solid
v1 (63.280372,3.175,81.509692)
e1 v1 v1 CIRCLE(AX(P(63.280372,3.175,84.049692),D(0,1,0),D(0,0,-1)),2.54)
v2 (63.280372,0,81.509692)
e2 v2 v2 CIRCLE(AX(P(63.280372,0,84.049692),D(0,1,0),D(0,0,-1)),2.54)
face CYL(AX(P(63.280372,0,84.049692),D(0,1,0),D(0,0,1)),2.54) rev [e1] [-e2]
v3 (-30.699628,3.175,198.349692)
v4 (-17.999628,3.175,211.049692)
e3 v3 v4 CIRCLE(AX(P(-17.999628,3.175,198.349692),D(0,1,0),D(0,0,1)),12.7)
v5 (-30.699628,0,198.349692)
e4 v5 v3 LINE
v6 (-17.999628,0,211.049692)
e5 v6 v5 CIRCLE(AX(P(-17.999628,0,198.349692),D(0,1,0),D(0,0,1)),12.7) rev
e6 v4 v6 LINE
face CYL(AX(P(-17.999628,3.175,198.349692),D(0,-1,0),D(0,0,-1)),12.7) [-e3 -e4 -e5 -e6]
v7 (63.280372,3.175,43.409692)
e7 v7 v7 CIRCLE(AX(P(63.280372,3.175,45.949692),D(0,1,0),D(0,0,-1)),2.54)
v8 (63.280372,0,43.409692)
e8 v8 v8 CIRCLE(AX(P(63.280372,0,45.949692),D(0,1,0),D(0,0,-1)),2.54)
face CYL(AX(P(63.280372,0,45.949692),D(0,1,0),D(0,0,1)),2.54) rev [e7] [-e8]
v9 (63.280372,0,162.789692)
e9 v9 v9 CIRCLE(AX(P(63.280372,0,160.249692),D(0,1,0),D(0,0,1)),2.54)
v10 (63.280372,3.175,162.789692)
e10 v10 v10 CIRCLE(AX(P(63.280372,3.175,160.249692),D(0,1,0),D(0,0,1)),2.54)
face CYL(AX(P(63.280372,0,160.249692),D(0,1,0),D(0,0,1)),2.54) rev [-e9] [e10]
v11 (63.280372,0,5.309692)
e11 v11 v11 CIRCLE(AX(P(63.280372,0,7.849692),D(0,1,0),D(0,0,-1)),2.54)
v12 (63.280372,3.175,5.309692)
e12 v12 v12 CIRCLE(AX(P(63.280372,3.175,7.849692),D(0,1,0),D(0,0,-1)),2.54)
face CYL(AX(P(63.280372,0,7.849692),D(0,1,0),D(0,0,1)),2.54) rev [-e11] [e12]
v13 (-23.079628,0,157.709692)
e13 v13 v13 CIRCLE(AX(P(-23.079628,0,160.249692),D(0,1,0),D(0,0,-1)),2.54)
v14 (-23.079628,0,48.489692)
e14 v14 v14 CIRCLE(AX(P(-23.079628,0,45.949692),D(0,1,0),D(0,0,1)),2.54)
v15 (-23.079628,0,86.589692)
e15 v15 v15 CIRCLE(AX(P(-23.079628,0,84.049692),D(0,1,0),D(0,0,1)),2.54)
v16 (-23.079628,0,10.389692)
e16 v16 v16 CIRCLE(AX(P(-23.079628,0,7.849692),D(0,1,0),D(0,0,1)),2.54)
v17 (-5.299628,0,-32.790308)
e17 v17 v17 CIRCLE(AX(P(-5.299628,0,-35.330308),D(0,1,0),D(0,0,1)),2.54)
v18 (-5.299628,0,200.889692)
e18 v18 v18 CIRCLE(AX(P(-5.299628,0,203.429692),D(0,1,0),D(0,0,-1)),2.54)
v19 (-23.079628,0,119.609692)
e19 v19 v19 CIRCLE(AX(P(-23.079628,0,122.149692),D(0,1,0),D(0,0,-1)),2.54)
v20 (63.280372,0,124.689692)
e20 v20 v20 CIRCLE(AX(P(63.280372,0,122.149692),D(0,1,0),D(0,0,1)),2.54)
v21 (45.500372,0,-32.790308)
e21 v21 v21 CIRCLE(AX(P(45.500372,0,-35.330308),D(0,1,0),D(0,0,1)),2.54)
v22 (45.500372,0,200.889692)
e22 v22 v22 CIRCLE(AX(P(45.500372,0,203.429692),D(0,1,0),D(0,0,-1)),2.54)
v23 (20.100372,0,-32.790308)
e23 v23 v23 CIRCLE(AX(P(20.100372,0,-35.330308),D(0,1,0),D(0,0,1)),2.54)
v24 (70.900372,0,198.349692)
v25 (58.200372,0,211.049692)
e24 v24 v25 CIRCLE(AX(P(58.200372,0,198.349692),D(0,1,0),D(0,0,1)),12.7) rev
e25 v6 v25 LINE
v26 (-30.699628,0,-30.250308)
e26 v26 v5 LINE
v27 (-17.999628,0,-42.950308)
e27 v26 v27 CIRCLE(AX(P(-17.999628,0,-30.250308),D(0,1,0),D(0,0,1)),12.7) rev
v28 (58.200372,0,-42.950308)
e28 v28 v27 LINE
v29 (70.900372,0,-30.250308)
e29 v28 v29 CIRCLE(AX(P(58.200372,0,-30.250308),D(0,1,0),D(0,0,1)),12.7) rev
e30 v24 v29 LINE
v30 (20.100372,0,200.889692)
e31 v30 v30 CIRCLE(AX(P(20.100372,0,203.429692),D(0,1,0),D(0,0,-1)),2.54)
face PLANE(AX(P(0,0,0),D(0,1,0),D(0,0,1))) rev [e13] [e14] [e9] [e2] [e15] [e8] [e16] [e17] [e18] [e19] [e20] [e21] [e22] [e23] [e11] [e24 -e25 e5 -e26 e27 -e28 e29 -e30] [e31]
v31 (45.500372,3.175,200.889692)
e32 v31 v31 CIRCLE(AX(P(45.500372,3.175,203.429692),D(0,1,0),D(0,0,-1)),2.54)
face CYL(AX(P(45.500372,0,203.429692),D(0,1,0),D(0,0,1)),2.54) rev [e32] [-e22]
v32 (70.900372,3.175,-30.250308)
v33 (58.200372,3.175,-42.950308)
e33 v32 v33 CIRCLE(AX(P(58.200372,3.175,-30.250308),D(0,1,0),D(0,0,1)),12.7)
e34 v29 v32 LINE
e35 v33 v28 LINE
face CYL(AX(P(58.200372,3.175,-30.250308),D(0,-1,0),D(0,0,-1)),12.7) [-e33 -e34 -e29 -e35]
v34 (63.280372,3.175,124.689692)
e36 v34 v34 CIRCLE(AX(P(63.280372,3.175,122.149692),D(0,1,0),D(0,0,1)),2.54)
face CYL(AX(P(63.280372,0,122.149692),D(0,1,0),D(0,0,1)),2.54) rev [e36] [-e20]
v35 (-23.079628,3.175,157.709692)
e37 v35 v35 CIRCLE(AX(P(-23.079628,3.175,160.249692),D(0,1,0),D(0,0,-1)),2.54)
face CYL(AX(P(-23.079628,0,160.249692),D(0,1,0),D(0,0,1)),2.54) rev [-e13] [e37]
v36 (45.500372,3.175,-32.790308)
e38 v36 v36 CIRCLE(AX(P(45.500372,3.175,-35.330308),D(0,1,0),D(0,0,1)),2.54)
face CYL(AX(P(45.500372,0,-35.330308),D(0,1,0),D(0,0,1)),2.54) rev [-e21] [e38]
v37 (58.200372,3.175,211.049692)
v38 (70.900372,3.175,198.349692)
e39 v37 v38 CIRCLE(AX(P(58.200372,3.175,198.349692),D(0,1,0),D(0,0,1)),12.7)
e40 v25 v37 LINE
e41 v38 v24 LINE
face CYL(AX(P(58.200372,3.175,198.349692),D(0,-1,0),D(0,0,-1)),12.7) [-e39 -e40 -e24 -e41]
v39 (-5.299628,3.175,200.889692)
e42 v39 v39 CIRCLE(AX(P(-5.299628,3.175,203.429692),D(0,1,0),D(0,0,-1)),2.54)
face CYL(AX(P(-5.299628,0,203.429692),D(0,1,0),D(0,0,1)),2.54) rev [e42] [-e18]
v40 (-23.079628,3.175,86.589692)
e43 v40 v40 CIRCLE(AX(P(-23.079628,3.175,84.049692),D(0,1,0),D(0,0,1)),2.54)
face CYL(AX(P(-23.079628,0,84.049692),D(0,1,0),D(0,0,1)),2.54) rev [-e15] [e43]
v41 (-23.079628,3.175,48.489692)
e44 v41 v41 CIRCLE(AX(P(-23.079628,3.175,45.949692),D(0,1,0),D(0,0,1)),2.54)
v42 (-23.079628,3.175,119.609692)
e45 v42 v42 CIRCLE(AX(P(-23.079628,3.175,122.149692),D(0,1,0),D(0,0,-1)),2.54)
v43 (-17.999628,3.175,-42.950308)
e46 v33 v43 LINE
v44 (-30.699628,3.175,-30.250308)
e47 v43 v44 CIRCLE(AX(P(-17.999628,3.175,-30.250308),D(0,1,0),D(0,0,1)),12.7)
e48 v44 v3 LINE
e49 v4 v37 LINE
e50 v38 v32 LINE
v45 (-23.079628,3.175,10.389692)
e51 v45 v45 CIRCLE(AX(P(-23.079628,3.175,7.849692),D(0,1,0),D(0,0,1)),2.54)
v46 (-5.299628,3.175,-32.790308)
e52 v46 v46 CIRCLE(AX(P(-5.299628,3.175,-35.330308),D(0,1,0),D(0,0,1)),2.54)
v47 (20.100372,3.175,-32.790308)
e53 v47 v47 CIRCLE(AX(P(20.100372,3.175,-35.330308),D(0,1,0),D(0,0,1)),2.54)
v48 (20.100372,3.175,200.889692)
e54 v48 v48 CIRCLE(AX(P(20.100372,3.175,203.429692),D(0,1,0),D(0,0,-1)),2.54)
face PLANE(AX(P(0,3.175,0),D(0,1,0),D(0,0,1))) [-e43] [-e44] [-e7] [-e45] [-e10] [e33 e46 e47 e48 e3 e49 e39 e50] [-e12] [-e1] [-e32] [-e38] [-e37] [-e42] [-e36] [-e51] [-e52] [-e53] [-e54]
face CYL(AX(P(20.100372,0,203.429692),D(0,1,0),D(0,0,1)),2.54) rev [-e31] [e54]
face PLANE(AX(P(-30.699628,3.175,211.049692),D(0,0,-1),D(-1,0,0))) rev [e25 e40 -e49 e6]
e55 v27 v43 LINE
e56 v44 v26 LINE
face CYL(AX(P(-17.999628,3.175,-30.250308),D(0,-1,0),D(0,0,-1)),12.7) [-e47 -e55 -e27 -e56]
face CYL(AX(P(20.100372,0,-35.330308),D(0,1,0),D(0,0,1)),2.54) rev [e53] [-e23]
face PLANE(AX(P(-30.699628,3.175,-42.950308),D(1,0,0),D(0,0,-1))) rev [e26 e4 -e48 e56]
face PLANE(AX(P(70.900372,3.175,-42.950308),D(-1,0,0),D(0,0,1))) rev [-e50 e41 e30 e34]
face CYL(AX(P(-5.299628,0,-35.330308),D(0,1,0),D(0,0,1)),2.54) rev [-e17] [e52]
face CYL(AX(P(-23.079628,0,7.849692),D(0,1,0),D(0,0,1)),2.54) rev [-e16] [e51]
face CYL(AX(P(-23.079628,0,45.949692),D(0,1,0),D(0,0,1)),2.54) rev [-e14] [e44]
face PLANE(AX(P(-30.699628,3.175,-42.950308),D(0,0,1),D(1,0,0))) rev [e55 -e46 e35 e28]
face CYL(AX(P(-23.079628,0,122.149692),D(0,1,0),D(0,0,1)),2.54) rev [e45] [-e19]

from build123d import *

# Parameters (mm, degrees)
SKETCH1_W           = 101.6
SKETCH1_H           = 254
BOSS_EXTRUDE1_DEPTH = 3.175
SKETCH2_R           = 2.54
CUT_EXTRUDE1_DEPTH  = 223.663234681
FILLET1_R           = 12.7


with BuildPart() as part:
    # Sketch1 → Boss-Extrude1 (new body)
    with BuildSketch(Plane(origin=(0, 0, 0), x_dir=(1, 0, 0), z_dir=(0, 1, 0))):
        with Locations((20.100372359, -84.049692378)):
            Rectangle(SKETCH1_W, SKETCH1_H)
    extrude(amount=BOSS_EXTRUDE1_DEPTH)

    # Sketch2 → Cut-Extrude1 (cut, through all)
    with BuildSketch(Plane(origin=(0, 3.175, 0), x_dir=(1, 0, 0), z_dir=(0, 1, 0))):
        with Locations(Location((-5.299627641, 35.330307622, 0), (0, 0, 270))):
            Circle(SKETCH2_R)
        with Locations(Location((20.100372359, 35.330307622, 0), (0, 0, 270))):
            Circle(SKETCH2_R)
        with Locations(Location((45.500372359, 35.330307622, 0), (0, 0, 270))):
            Circle(SKETCH2_R)
        with Locations(Location((-23.079627641, -84.049692378, 0), (0, 0, 270))):
            Circle(SKETCH2_R)
        with Locations(Location((-23.079627641, -45.949692378, 0), (0, 0, 270))):
            Circle(SKETCH2_R)
        with Locations(Location((-23.079627641, -7.849692378, 0), (0, 0, 270))):
            Circle(SKETCH2_R)
        with Locations(Location((63.280372359, -7.849692378, 0), (0, 0, 90))):
            Circle(SKETCH2_R)
        with Locations(Location((63.280372359, -45.949692378, 0), (0, 0, 90))):
            Circle(SKETCH2_R)
        with Locations(Location((63.280372359, -84.049692378, 0), (0, 0, 90))):
            Circle(SKETCH2_R)
        with Locations(Location((63.280372359, -122.149692378, 0), (0, 0, 270))):
            Circle(SKETCH2_R)
        with Locations(Location((63.280372359, -160.249692378, 0), (0, 0, 270))):
            Circle(SKETCH2_R)
        with Locations(Location((-23.079627641, -160.249692378, 0), (0, 0, 90))):
            Circle(SKETCH2_R)
        with Locations(Location((-23.079627641, -122.149692378, 0), (0, 0, 90))):
            Circle(SKETCH2_R)
        with Locations(Location((45.500372359, -203.429692378, 0), (0, 0, 90))):
            Circle(SKETCH2_R)
        with Locations(Location((20.100372359, -203.429692378, 0), (0, 0, 90))):
            Circle(SKETCH2_R)
        with Locations(Location((-5.299627641, -203.429692378, 0), (0, 0, 90))):
            Circle(SKETCH2_R)
    extrude(amount=-CUT_EXTRUDE1_DEPTH, mode=Mode.SUBTRACT)

    # Fillet1
    fillet1_edges = [part.edges().sort_by_distance(p)[0] for p in [
        (-30.699627641, 1.5875, -42.950307622),
        (70.900372359, 1.5875, -42.950307622),
        (70.900372359, 1.5875, 211.049692378),
        (-30.699627641, 1.5875, 211.049692378),
    ]]
    fillet(fillet1_edges, radius=FILLET1_R)


solid = part.part
